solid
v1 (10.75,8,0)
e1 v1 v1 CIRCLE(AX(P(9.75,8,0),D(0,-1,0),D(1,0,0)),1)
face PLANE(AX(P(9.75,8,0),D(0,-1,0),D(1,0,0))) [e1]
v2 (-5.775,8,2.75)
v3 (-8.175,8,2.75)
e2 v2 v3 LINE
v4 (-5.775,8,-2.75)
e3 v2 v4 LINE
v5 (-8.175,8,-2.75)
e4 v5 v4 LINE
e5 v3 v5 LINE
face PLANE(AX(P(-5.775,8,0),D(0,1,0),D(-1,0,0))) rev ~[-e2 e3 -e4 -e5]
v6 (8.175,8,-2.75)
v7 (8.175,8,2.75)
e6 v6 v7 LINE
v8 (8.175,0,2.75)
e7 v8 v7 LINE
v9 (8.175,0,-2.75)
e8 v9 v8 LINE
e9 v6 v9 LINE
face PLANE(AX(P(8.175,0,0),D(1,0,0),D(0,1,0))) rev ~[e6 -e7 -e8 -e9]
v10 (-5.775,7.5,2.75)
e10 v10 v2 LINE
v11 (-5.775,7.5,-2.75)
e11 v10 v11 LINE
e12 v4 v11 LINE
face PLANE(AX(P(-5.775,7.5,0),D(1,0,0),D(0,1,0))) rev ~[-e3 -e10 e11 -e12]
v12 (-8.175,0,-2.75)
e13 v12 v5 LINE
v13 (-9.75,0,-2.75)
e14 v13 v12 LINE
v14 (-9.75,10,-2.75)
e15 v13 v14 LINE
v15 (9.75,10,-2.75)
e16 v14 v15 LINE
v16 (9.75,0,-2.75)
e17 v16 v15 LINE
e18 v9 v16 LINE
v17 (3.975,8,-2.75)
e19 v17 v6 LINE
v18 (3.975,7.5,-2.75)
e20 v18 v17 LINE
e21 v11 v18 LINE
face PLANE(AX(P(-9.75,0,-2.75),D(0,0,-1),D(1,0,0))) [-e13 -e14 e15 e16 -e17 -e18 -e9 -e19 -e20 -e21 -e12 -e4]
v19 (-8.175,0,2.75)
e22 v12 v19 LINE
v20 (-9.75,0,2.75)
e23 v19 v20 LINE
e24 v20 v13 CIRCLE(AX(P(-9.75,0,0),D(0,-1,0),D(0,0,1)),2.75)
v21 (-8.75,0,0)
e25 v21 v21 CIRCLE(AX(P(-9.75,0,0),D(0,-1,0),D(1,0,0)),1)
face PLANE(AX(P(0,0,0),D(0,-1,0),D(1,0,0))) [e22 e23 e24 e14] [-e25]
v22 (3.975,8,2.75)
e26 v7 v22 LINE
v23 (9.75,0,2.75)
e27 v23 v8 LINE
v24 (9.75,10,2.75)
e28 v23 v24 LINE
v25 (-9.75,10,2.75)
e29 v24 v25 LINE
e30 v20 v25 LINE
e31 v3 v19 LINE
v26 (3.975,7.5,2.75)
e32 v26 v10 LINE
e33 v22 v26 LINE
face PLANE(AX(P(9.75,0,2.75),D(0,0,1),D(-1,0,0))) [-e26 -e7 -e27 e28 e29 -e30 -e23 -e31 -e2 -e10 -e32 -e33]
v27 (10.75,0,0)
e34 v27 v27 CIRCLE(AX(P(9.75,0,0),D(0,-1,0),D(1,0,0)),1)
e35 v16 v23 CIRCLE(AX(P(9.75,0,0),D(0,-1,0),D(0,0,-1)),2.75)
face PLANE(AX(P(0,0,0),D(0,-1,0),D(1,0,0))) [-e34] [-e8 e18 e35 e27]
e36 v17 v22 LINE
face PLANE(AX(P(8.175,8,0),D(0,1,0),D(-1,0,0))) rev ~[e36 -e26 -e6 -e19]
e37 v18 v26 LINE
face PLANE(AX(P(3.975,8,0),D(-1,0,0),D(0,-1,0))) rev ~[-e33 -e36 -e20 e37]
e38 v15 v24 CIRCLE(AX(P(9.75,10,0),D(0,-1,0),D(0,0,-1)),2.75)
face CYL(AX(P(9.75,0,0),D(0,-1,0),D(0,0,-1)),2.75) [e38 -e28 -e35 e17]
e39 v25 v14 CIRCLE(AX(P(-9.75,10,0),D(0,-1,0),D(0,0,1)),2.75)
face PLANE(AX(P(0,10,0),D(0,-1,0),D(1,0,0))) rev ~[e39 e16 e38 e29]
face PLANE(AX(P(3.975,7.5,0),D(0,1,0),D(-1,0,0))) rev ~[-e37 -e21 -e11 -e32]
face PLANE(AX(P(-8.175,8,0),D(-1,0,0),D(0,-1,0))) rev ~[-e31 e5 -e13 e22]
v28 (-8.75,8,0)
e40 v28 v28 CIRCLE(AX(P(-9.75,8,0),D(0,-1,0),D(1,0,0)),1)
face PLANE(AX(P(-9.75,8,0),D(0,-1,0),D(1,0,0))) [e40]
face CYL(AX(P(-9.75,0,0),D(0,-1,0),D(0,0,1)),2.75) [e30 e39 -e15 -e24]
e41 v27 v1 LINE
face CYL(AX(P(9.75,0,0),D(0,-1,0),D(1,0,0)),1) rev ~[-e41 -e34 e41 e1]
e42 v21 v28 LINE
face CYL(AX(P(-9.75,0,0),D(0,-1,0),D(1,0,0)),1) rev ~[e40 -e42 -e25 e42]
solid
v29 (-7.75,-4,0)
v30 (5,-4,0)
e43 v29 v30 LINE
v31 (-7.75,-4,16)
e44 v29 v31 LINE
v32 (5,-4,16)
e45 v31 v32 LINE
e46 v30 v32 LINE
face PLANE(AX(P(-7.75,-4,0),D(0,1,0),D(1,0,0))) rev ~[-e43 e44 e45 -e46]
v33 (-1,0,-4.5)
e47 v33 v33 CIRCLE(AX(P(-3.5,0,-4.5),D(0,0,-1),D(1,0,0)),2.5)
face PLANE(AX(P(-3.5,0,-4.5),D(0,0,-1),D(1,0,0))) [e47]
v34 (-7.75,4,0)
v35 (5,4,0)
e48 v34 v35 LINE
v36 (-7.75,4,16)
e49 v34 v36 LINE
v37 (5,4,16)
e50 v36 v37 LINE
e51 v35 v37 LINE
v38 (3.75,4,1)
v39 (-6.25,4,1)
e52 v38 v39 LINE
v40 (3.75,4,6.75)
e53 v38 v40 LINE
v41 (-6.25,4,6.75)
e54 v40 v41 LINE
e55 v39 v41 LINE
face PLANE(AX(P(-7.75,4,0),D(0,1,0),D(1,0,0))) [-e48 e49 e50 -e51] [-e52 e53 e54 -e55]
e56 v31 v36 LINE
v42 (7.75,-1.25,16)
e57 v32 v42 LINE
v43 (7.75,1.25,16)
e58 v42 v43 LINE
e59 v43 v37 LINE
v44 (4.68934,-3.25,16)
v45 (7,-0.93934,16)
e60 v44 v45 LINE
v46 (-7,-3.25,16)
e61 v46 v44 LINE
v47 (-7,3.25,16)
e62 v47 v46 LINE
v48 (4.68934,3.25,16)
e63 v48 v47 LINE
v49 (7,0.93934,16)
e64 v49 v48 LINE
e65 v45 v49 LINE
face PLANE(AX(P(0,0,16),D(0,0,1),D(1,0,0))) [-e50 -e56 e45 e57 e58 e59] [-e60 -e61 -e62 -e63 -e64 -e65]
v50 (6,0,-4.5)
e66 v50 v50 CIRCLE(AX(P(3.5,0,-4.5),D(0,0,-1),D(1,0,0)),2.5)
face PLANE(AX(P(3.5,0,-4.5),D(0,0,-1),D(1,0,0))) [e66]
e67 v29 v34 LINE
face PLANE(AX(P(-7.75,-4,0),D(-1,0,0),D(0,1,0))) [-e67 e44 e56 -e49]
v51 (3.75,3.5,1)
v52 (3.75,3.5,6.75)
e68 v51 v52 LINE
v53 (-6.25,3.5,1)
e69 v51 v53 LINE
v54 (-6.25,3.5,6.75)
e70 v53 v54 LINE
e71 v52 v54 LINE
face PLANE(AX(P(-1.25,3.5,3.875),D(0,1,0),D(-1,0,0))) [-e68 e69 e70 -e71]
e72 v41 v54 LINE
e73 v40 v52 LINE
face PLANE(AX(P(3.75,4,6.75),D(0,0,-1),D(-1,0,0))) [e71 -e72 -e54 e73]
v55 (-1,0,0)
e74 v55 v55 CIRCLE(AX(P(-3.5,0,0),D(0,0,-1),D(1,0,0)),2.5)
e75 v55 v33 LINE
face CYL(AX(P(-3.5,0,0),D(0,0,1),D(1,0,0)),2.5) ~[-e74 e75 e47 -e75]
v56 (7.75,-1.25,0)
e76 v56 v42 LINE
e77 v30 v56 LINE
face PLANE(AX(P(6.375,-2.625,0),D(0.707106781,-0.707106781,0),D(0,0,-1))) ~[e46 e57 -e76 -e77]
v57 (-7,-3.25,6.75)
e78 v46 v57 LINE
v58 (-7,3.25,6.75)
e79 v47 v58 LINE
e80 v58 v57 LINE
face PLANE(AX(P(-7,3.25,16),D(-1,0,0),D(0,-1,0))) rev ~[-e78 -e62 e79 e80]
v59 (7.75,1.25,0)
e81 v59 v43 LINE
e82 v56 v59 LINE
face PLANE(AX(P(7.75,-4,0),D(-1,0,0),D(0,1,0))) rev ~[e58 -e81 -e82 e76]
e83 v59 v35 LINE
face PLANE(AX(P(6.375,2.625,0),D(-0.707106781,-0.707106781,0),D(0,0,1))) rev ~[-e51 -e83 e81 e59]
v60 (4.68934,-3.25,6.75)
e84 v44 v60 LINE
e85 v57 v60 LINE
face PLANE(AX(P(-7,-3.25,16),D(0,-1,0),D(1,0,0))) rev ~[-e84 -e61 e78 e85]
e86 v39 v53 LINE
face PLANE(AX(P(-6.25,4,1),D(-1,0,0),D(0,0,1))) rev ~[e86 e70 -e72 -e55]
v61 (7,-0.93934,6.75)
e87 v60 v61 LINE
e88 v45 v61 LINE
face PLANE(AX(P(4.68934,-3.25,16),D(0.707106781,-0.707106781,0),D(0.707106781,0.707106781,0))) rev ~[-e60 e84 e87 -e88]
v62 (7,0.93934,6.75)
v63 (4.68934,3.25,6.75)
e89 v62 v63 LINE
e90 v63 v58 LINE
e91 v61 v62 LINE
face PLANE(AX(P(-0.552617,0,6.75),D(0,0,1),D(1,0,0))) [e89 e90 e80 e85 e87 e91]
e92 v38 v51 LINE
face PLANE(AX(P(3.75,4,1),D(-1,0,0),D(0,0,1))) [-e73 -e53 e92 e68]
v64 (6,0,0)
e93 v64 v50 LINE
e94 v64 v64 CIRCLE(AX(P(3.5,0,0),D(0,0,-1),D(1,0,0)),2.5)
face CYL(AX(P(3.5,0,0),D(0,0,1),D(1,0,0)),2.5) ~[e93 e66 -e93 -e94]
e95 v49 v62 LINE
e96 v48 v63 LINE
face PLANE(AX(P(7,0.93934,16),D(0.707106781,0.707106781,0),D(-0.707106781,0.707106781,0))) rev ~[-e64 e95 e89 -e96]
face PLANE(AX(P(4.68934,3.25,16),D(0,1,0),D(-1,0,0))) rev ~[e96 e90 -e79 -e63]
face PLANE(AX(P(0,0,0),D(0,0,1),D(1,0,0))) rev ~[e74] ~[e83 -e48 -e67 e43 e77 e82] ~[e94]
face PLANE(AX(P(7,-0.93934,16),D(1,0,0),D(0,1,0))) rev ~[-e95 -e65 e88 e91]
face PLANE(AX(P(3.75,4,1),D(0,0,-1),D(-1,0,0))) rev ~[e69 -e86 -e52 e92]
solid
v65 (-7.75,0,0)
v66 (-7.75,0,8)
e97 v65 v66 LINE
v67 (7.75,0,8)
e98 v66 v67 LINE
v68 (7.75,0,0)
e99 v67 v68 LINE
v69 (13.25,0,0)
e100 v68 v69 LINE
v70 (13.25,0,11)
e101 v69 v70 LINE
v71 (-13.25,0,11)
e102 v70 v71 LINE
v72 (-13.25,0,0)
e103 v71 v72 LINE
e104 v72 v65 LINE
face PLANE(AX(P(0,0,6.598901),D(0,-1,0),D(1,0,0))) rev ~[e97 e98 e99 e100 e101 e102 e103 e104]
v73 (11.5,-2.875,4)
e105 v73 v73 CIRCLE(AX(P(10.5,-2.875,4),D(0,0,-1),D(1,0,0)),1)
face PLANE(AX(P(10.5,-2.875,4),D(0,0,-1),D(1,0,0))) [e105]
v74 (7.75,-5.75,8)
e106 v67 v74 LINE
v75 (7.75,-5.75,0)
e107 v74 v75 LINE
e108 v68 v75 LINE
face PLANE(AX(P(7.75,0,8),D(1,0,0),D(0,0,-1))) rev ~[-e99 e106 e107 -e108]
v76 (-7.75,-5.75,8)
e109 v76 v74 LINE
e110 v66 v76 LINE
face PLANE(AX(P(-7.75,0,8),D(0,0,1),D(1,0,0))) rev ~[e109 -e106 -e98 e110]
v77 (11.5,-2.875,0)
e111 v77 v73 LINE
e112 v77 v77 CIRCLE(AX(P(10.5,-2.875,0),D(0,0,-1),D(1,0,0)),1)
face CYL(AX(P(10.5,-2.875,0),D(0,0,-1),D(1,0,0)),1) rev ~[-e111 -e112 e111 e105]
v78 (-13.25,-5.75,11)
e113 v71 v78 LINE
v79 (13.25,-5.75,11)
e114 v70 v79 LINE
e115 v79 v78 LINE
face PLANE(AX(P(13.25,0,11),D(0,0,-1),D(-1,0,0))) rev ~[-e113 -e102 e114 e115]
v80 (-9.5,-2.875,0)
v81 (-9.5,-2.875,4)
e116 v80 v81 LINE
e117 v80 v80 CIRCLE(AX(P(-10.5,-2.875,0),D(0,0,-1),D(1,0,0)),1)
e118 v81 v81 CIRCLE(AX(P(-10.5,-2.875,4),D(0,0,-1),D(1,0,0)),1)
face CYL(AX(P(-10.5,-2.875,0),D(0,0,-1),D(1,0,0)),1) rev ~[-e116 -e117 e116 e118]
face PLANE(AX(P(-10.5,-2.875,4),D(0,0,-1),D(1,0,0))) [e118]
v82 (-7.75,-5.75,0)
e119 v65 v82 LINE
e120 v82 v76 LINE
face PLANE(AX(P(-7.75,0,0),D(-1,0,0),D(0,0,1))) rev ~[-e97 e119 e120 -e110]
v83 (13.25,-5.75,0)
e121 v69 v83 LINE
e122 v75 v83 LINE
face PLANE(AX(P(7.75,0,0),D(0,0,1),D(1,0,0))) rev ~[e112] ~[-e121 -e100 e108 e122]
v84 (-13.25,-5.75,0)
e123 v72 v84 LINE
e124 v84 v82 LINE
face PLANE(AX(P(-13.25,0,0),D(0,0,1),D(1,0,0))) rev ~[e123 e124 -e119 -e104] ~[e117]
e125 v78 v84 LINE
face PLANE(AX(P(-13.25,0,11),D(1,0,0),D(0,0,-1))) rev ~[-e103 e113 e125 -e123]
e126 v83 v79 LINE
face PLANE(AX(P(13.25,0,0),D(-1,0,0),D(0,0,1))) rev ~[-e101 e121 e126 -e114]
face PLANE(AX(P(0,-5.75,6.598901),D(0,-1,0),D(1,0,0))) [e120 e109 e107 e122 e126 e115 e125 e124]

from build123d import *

# Parameters (mm, degrees)
F0_W      = 15.5
F0_H      = 8
F1_DEPTH  = 16
F2_SIZE   = 2.75
F4_DEPTH  = 9.25
F5_R      = 2.5
F6_DEPTH  = 4.5
F7_W      = 10
F7_H      = 5.75
F8_DEPTH  = 0.5
F10_DEPTH = 5.75
F11_R     = 1
F12_DEPTH = 4
F14_DEPTH = 10
F16_DEPTH = 12.5
F17_R     = 1
F18_DEPTH = 8


with BuildPart() as f1:
    # F0 (on Top) → F1 (new body)
    with BuildSketch(Plane.XY):
        Rectangle(F0_W, F0_H)
    extrude(amount=F1_DEPTH)

    # F2
    f2_edges = [f1.edges().sort_by_distance(p)[0] for p in [
        (7.75, -4, 8),
        (7.75, 4, 8),
    ]]
    chamfer(f2_edges, length=F2_SIZE)

    # F3 (on face) → F4 (cut)
    with BuildSketch(Plane.XY.offset(16)):
        Polygon((4.6893398282, 3.25), (-7, 3.25), (-7, -3.25), (4.6893398282, -3.25), (7, -0.9393398282), (7, 0.9393398282), align=None)
    extrude(amount=-F4_DEPTH, mode=Mode.SUBTRACT)

    # F5 (on face) → F6 (join)
    with BuildSketch(Plane(origin=(0, 0, 0), x_dir=(1, 0, 0), z_dir=(0, 0, -1))):
        with Locations((-3.5, 0)):
            Circle(F5_R)
        with Locations((3.5, 0)):
            Circle(F5_R)
    extrude(amount=F6_DEPTH)

    # F7 (on face) → F8 (cut)
    with BuildSketch(Plane(origin=(0, 4, 0), x_dir=(-1, 0, 0), z_dir=(0, 1, 0))):
        with Locations((1.25, 3.875)):
            Rectangle(F7_W, F7_H)
    extrude(amount=-F8_DEPTH, mode=Mode.SUBTRACT)


with BuildPart() as f10:
    # F9 (on Front) → F10 (new body)
    with BuildSketch(Plane.XZ):
        Polygon((-7.75, 0), (-7.75, 8), (7.75, 8), (7.75, 0), (13.25, 0), (13.25, 11), (-13.25, 11), (-13.25, 0), align=None)
    extrude(amount=F10_DEPTH)

    # F11 (on face) → F12 (cut)
    with BuildSketch(Plane(origin=(0, 0, 0), x_dir=(1, 0, 0), z_dir=(0, 0, -1))):
        with Locations((-10.5, 2.875)):
            Circle(F11_R)
        with Locations((10.5, 2.875)):
            Circle(F11_R)
    extrude(amount=-F12_DEPTH, mode=Mode.SUBTRACT)


with BuildPart() as f14:
    # F13 (on Front) → F14 (new body)
    with BuildSketch(Plane.XZ):
        with BuildLine():
            Line((-9.75, -2.75), (9.75, -2.75))
            ThreePointArc((9.75, -2.75), (12.5, 0), (9.75, 2.75))
            Line((9.75, 2.75), (-9.75, 2.75))
            ThreePointArc((-9.75, 2.75), (-12.5, 0), (-9.75, -2.75))
        make_face()
    extrude(amount=-F14_DEPTH)

    # F15 (on Top) → F16 (cut, symmetric)
    with BuildSketch(Plane.XY):
        Polygon((-8.175, 8), (-8.175, 0), (8.175, 0), (8.175, 8), (3.975, 8), (3.975, 7.5), (-5.775, 7.5), (-5.775, 8), align=None)
    extrude(amount=F16_DEPTH, both=True, mode=Mode.SUBTRACT)

    # F17 (on face) → F18 (cut)
    with BuildSketch(Plane.XZ):
        with Locations((-9.75, 0)):
            Circle(F17_R)
        with Locations((9.75, 0)):
            Circle(F17_R)
    extrude(amount=-F18_DEPTH, mode=Mode.SUBTRACT)


solid = Compound([f1.part, f10.part, f14.part])
